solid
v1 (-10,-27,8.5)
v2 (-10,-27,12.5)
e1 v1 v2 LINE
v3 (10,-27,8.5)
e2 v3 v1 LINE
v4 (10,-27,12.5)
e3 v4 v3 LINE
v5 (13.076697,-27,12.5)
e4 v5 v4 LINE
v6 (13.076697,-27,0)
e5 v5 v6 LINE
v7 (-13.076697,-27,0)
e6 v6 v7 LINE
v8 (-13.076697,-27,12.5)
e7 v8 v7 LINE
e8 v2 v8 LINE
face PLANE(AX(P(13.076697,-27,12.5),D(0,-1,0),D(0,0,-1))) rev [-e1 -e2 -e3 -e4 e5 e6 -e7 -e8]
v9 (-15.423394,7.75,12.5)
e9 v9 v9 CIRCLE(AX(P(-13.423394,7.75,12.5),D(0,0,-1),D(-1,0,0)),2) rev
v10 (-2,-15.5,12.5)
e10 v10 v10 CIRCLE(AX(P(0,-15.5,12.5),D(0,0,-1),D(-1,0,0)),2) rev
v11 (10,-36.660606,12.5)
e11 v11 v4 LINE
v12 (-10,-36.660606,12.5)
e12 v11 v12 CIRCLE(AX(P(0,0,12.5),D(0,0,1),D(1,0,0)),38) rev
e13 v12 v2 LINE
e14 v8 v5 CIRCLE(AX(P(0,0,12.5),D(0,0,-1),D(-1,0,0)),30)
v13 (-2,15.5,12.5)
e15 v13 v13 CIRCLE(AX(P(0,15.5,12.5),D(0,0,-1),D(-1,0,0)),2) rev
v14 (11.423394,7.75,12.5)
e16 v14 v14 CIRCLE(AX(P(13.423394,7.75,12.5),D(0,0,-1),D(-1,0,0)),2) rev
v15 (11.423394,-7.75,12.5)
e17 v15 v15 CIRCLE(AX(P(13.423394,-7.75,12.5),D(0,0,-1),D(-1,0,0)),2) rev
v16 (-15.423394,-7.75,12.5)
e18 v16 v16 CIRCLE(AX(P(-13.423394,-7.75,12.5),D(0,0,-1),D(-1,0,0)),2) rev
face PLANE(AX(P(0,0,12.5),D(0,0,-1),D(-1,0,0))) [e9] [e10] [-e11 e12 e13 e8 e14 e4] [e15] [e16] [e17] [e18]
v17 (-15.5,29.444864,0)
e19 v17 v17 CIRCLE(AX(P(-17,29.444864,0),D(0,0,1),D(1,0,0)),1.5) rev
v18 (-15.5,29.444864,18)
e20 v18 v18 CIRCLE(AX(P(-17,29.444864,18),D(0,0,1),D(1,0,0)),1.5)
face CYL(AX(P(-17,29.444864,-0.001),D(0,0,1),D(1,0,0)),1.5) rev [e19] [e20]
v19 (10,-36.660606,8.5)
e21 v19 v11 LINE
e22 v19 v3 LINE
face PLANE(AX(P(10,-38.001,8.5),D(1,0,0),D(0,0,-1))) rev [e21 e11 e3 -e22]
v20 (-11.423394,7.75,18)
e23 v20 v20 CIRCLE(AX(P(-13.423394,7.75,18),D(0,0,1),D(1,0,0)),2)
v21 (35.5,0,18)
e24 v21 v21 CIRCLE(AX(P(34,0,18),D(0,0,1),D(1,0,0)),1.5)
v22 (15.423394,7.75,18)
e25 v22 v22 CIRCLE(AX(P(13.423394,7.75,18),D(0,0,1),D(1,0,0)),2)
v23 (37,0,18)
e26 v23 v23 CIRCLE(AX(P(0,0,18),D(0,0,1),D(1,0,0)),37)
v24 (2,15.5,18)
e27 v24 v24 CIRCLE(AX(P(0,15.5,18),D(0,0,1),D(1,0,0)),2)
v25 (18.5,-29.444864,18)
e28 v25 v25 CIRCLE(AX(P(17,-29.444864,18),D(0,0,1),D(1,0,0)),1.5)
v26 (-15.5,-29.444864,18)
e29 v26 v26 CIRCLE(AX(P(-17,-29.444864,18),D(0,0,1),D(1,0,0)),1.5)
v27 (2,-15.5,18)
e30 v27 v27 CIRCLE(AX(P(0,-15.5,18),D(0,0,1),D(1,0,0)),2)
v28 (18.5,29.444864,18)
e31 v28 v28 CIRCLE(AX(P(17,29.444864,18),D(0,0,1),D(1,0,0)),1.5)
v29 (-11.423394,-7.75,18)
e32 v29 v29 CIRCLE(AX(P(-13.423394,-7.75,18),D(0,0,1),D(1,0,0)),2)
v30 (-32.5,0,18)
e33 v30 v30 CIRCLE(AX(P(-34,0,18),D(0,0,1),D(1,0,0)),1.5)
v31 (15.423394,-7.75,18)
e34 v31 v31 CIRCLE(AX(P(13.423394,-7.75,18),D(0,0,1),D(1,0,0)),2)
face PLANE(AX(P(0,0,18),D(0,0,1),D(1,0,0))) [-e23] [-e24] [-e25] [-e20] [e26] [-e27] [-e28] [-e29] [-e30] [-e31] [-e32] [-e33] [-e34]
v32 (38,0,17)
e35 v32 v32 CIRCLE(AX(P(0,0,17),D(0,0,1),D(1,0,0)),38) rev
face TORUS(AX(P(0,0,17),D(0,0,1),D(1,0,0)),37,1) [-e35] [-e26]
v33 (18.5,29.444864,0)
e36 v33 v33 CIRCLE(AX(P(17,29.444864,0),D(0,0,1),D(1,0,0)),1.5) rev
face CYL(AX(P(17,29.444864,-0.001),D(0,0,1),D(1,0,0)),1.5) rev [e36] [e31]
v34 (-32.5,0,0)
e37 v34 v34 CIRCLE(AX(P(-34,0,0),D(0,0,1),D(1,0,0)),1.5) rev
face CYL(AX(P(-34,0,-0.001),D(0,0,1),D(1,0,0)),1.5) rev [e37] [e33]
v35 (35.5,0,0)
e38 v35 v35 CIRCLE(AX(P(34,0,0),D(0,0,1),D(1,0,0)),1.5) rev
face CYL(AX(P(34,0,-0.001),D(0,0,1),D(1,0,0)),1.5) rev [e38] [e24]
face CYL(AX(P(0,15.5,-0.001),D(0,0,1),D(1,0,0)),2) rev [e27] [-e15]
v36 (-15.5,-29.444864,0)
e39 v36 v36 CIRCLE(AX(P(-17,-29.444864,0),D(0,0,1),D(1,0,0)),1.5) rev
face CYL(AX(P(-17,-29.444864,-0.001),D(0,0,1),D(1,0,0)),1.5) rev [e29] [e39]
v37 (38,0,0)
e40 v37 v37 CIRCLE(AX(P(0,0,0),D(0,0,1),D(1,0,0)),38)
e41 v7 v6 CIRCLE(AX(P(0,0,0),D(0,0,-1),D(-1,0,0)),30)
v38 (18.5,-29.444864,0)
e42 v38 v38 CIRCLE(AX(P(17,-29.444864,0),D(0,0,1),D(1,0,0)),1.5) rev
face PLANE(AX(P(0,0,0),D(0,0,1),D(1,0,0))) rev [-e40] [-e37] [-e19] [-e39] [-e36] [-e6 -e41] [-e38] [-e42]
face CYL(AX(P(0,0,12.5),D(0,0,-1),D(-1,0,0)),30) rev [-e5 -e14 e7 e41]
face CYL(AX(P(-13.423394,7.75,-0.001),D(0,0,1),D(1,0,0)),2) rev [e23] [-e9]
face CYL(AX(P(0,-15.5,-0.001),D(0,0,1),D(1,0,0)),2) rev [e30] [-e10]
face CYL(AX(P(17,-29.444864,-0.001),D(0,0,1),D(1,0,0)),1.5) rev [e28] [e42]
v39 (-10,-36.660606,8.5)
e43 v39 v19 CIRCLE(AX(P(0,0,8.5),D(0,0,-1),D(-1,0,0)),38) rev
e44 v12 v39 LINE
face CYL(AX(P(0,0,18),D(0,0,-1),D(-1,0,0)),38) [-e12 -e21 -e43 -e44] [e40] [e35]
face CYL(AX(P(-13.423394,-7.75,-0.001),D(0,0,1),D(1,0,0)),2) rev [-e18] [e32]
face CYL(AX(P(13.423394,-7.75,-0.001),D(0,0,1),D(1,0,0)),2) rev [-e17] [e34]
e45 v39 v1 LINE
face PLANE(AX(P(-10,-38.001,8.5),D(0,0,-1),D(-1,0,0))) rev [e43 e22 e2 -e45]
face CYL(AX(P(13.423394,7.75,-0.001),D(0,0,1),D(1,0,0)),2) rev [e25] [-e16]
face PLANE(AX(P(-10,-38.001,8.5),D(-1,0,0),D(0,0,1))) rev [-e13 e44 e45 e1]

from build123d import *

# Parameters (mm, degrees)
SKETCH_1_R          = 38
EXTRUDE_1_DEPTH     = 18
CUT_EXTRUDE_1_REACH = 20
SKETCH_2_R          = 1.5
CUT_EXTRUDE_2_DEPTH = 12.5
FILLET_1_R          = 1
CUT_EXTRUDE_7_REACH = 13
SKETCH_6_W          = 20
SKETCH_6_H          = 4
CUT_EXTRUDE_8_REACH = 20
SKETCH_7_R          = 2


with BuildPart() as part:
    # Эскиз1 → Бобышка-Вытянуть1 (new body)
    with BuildSketch(Plane.XY):
        Circle(SKETCH_1_R)
    extrude(amount=EXTRUDE_1_DEPTH)

    # Эскиз2 → Вырез-Вытянуть1 (cut, up to next)
    with BuildSketch(Plane.XY.offset(18), mode=Mode.PRIVATE) as cut_extrude_1_sk1:
        with Locations((-34, 0)):
            Circle(SKETCH_2_R)
    cut_extrude_1_tool1 = extrude(cut_extrude_1_sk1.sketch, amount=-CUT_EXTRUDE_1_REACH, mode=Mode.PRIVATE) & part.part
    add(cut_extrude_1_tool1.solids().sort_by_distance((-34, 0, 18))[0], mode=Mode.SUBTRACT)
    # Эскиз2 → Вырез-Вытянуть1 (cut, up to next)
    with BuildSketch(Plane.XY.offset(18), mode=Mode.PRIVATE) as cut_extrude_1_sk2:
        with Locations((-17, 29.444863729)):
            Circle(SKETCH_2_R)
    cut_extrude_1_tool2 = extrude(cut_extrude_1_sk2.sketch, amount=-CUT_EXTRUDE_1_REACH, mode=Mode.PRIVATE) & part.part
    add(cut_extrude_1_tool2.solids().sort_by_distance((-17, 29.444864, 18))[0], mode=Mode.SUBTRACT)
    # Эскиз2 → Вырез-Вытянуть1 (cut, up to next)
    with BuildSketch(Plane.XY.offset(18), mode=Mode.PRIVATE) as cut_extrude_1_sk3:
        with Locations((17, 29.444863729)):
            Circle(SKETCH_2_R)
    cut_extrude_1_tool3 = extrude(cut_extrude_1_sk3.sketch, amount=-CUT_EXTRUDE_1_REACH, mode=Mode.PRIVATE) & part.part
    add(cut_extrude_1_tool3.solids().sort_by_distance((17, 29.444864, 18))[0], mode=Mode.SUBTRACT)
    # Эскиз2 → Вырез-Вытянуть1 (cut, up to next)
    with BuildSketch(Plane.XY.offset(18), mode=Mode.PRIVATE) as cut_extrude_1_sk4:
        with Locations((34, 0)):
            Circle(SKETCH_2_R)
    cut_extrude_1_tool4 = extrude(cut_extrude_1_sk4.sketch, amount=-CUT_EXTRUDE_1_REACH, mode=Mode.PRIVATE) & part.part
    add(cut_extrude_1_tool4.solids().sort_by_distance((34, 0, 18))[0], mode=Mode.SUBTRACT)
    # Эскиз2 → Вырез-Вытянуть1 (cut, up to next)
    with BuildSketch(Plane.XY.offset(18), mode=Mode.PRIVATE) as cut_extrude_1_sk5:
        with Locations((17, -29.444863729)):
            Circle(SKETCH_2_R)
    cut_extrude_1_tool5 = extrude(cut_extrude_1_sk5.sketch, amount=-CUT_EXTRUDE_1_REACH, mode=Mode.PRIVATE) & part.part
    add(cut_extrude_1_tool5.solids().sort_by_distance((17, -29.444864, 18))[0], mode=Mode.SUBTRACT)
    # Эскиз2 → Вырез-Вытянуть1 (cut, up to next)
    with BuildSketch(Plane.XY.offset(18), mode=Mode.PRIVATE) as cut_extrude_1_sk6:
        with Locations((-17, -29.444863729)):
            Circle(SKETCH_2_R)
    cut_extrude_1_tool6 = extrude(cut_extrude_1_sk6.sketch, amount=-CUT_EXTRUDE_1_REACH, mode=Mode.PRIVATE) & part.part
    add(cut_extrude_1_tool6.solids().sort_by_distance((-17, -29.444864, 18))[0], mode=Mode.SUBTRACT)

    # Эскиз3 → Вырез-Вытянуть2 (cut)
    with BuildSketch(Plane(origin=(0, 0, 0), x_dir=(-1, 0, 0), z_dir=(0, 0, -1))):
        with BuildLine():
            Line((-13.076696831, -27), (13.076696831, -27))
            ThreePointArc((13.076696831, -27), (0, 30), (-13.076696831, -27))
        make_face()
    extrude(amount=-CUT_EXTRUDE_2_DEPTH, mode=Mode.SUBTRACT)

    # Скругление1
    fillet_1_edges = [part.edges().sort_by_distance(p)[0] for p in [
        (-38, 0, 18),
    ]]
    fillet(fillet_1_edges, radius=FILLET_1_R)

    # Эскиз6 → Вырез-Вытянуть7 (cut, up to next)
    with BuildSketch(Plane(origin=(0, -27, 0), x_dir=(1, 0, 0), z_dir=(0, 1, 0)), mode=Mode.PRIVATE) as cut_extrude_7_sk1:
        with Locations((0, -10.5)):
            Rectangle(SKETCH_6_W, SKETCH_6_H)
    cut_extrude_7_tool1 = extrude(cut_extrude_7_sk1.sketch, amount=-CUT_EXTRUDE_7_REACH, mode=Mode.PRIVATE) & part.part
    add(cut_extrude_7_tool1.solids().sort_by_distance((0, -27, 10.5))[0], mode=Mode.SUBTRACT)

    # Эскиз7 → Вырез-Вытянуть8 (cut, up to next)
    with BuildSketch(Plane.XY.offset(18), mode=Mode.PRIVATE) as cut_extrude_8_sk1:
        with Locations((0, 15.5)):
            Circle(SKETCH_7_R)
    cut_extrude_8_tool1 = extrude(cut_extrude_8_sk1.sketch, amount=-CUT_EXTRUDE_8_REACH, mode=Mode.PRIVATE) & part.part
    add(cut_extrude_8_tool1.solids().sort_by_distance((0, 15.5, 18))[0], mode=Mode.SUBTRACT)
    # Эскиз7 → Вырез-Вытянуть8 (cut, up to next)
    with BuildSketch(Plane.XY.offset(18), mode=Mode.PRIVATE) as cut_extrude_8_sk2:
        with Locations((13.423393759, 7.75)):
            Circle(SKETCH_7_R)
    cut_extrude_8_tool2 = extrude(cut_extrude_8_sk2.sketch, amount=-CUT_EXTRUDE_8_REACH, mode=Mode.PRIVATE) & part.part
    add(cut_extrude_8_tool2.solids().sort_by_distance((13.423394, 7.75, 18))[0], mode=Mode.SUBTRACT)
    # Эскиз7 → Вырез-Вытянуть8 (cut, up to next)
    with BuildSketch(Plane.XY.offset(18), mode=Mode.PRIVATE) as cut_extrude_8_sk3:
        with Locations((13.423393759, -7.75)):
            Circle(SKETCH_7_R)
    cut_extrude_8_tool3 = extrude(cut_extrude_8_sk3.sketch, amount=-CUT_EXTRUDE_8_REACH, mode=Mode.PRIVATE) & part.part
    add(cut_extrude_8_tool3.solids().sort_by_distance((13.423394, -7.75, 18))[0], mode=Mode.SUBTRACT)
    # Эскиз7 → Вырез-Вытянуть8 (cut, up to next)
    with BuildSketch(Plane.XY.offset(18), mode=Mode.PRIVATE) as cut_extrude_8_sk4:
        with Locations((0, -15.5)):
            Circle(SKETCH_7_R)
    cut_extrude_8_tool4 = extrude(cut_extrude_8_sk4.sketch, amount=-CUT_EXTRUDE_8_REACH, mode=Mode.PRIVATE) & part.part
    add(cut_extrude_8_tool4.solids().sort_by_distance((0, -15.5, 18))[0], mode=Mode.SUBTRACT)
    # Эскиз7 → Вырез-Вытянуть8 (cut, up to next)
    with BuildSketch(Plane.XY.offset(18), mode=Mode.PRIVATE) as cut_extrude_8_sk5:
        with Locations((-13.423393759, -7.75)):
            Circle(SKETCH_7_R)
    cut_extrude_8_tool5 = extrude(cut_extrude_8_sk5.sketch, amount=-CUT_EXTRUDE_8_REACH, mode=Mode.PRIVATE) & part.part
    add(cut_extrude_8_tool5.solids().sort_by_distance((-13.423394, -7.75, 18))[0], mode=Mode.SUBTRACT)
    # Эскиз7 → Вырез-Вытянуть8 (cut, up to next)
    with BuildSketch(Plane.XY.offset(18), mode=Mode.PRIVATE) as cut_extrude_8_sk6:
        with Locations((-13.423393759, 7.75)):
            Circle(SKETCH_7_R)
    cut_extrude_8_tool6 = extrude(cut_extrude_8_sk6.sketch, amount=-CUT_EXTRUDE_8_REACH, mode=Mode.PRIVATE) & part.part
    add(cut_extrude_8_tool6.solids().sort_by_distance((-13.423394, 7.75, 18))[0], mode=Mode.SUBTRACT)


solid = part.part
